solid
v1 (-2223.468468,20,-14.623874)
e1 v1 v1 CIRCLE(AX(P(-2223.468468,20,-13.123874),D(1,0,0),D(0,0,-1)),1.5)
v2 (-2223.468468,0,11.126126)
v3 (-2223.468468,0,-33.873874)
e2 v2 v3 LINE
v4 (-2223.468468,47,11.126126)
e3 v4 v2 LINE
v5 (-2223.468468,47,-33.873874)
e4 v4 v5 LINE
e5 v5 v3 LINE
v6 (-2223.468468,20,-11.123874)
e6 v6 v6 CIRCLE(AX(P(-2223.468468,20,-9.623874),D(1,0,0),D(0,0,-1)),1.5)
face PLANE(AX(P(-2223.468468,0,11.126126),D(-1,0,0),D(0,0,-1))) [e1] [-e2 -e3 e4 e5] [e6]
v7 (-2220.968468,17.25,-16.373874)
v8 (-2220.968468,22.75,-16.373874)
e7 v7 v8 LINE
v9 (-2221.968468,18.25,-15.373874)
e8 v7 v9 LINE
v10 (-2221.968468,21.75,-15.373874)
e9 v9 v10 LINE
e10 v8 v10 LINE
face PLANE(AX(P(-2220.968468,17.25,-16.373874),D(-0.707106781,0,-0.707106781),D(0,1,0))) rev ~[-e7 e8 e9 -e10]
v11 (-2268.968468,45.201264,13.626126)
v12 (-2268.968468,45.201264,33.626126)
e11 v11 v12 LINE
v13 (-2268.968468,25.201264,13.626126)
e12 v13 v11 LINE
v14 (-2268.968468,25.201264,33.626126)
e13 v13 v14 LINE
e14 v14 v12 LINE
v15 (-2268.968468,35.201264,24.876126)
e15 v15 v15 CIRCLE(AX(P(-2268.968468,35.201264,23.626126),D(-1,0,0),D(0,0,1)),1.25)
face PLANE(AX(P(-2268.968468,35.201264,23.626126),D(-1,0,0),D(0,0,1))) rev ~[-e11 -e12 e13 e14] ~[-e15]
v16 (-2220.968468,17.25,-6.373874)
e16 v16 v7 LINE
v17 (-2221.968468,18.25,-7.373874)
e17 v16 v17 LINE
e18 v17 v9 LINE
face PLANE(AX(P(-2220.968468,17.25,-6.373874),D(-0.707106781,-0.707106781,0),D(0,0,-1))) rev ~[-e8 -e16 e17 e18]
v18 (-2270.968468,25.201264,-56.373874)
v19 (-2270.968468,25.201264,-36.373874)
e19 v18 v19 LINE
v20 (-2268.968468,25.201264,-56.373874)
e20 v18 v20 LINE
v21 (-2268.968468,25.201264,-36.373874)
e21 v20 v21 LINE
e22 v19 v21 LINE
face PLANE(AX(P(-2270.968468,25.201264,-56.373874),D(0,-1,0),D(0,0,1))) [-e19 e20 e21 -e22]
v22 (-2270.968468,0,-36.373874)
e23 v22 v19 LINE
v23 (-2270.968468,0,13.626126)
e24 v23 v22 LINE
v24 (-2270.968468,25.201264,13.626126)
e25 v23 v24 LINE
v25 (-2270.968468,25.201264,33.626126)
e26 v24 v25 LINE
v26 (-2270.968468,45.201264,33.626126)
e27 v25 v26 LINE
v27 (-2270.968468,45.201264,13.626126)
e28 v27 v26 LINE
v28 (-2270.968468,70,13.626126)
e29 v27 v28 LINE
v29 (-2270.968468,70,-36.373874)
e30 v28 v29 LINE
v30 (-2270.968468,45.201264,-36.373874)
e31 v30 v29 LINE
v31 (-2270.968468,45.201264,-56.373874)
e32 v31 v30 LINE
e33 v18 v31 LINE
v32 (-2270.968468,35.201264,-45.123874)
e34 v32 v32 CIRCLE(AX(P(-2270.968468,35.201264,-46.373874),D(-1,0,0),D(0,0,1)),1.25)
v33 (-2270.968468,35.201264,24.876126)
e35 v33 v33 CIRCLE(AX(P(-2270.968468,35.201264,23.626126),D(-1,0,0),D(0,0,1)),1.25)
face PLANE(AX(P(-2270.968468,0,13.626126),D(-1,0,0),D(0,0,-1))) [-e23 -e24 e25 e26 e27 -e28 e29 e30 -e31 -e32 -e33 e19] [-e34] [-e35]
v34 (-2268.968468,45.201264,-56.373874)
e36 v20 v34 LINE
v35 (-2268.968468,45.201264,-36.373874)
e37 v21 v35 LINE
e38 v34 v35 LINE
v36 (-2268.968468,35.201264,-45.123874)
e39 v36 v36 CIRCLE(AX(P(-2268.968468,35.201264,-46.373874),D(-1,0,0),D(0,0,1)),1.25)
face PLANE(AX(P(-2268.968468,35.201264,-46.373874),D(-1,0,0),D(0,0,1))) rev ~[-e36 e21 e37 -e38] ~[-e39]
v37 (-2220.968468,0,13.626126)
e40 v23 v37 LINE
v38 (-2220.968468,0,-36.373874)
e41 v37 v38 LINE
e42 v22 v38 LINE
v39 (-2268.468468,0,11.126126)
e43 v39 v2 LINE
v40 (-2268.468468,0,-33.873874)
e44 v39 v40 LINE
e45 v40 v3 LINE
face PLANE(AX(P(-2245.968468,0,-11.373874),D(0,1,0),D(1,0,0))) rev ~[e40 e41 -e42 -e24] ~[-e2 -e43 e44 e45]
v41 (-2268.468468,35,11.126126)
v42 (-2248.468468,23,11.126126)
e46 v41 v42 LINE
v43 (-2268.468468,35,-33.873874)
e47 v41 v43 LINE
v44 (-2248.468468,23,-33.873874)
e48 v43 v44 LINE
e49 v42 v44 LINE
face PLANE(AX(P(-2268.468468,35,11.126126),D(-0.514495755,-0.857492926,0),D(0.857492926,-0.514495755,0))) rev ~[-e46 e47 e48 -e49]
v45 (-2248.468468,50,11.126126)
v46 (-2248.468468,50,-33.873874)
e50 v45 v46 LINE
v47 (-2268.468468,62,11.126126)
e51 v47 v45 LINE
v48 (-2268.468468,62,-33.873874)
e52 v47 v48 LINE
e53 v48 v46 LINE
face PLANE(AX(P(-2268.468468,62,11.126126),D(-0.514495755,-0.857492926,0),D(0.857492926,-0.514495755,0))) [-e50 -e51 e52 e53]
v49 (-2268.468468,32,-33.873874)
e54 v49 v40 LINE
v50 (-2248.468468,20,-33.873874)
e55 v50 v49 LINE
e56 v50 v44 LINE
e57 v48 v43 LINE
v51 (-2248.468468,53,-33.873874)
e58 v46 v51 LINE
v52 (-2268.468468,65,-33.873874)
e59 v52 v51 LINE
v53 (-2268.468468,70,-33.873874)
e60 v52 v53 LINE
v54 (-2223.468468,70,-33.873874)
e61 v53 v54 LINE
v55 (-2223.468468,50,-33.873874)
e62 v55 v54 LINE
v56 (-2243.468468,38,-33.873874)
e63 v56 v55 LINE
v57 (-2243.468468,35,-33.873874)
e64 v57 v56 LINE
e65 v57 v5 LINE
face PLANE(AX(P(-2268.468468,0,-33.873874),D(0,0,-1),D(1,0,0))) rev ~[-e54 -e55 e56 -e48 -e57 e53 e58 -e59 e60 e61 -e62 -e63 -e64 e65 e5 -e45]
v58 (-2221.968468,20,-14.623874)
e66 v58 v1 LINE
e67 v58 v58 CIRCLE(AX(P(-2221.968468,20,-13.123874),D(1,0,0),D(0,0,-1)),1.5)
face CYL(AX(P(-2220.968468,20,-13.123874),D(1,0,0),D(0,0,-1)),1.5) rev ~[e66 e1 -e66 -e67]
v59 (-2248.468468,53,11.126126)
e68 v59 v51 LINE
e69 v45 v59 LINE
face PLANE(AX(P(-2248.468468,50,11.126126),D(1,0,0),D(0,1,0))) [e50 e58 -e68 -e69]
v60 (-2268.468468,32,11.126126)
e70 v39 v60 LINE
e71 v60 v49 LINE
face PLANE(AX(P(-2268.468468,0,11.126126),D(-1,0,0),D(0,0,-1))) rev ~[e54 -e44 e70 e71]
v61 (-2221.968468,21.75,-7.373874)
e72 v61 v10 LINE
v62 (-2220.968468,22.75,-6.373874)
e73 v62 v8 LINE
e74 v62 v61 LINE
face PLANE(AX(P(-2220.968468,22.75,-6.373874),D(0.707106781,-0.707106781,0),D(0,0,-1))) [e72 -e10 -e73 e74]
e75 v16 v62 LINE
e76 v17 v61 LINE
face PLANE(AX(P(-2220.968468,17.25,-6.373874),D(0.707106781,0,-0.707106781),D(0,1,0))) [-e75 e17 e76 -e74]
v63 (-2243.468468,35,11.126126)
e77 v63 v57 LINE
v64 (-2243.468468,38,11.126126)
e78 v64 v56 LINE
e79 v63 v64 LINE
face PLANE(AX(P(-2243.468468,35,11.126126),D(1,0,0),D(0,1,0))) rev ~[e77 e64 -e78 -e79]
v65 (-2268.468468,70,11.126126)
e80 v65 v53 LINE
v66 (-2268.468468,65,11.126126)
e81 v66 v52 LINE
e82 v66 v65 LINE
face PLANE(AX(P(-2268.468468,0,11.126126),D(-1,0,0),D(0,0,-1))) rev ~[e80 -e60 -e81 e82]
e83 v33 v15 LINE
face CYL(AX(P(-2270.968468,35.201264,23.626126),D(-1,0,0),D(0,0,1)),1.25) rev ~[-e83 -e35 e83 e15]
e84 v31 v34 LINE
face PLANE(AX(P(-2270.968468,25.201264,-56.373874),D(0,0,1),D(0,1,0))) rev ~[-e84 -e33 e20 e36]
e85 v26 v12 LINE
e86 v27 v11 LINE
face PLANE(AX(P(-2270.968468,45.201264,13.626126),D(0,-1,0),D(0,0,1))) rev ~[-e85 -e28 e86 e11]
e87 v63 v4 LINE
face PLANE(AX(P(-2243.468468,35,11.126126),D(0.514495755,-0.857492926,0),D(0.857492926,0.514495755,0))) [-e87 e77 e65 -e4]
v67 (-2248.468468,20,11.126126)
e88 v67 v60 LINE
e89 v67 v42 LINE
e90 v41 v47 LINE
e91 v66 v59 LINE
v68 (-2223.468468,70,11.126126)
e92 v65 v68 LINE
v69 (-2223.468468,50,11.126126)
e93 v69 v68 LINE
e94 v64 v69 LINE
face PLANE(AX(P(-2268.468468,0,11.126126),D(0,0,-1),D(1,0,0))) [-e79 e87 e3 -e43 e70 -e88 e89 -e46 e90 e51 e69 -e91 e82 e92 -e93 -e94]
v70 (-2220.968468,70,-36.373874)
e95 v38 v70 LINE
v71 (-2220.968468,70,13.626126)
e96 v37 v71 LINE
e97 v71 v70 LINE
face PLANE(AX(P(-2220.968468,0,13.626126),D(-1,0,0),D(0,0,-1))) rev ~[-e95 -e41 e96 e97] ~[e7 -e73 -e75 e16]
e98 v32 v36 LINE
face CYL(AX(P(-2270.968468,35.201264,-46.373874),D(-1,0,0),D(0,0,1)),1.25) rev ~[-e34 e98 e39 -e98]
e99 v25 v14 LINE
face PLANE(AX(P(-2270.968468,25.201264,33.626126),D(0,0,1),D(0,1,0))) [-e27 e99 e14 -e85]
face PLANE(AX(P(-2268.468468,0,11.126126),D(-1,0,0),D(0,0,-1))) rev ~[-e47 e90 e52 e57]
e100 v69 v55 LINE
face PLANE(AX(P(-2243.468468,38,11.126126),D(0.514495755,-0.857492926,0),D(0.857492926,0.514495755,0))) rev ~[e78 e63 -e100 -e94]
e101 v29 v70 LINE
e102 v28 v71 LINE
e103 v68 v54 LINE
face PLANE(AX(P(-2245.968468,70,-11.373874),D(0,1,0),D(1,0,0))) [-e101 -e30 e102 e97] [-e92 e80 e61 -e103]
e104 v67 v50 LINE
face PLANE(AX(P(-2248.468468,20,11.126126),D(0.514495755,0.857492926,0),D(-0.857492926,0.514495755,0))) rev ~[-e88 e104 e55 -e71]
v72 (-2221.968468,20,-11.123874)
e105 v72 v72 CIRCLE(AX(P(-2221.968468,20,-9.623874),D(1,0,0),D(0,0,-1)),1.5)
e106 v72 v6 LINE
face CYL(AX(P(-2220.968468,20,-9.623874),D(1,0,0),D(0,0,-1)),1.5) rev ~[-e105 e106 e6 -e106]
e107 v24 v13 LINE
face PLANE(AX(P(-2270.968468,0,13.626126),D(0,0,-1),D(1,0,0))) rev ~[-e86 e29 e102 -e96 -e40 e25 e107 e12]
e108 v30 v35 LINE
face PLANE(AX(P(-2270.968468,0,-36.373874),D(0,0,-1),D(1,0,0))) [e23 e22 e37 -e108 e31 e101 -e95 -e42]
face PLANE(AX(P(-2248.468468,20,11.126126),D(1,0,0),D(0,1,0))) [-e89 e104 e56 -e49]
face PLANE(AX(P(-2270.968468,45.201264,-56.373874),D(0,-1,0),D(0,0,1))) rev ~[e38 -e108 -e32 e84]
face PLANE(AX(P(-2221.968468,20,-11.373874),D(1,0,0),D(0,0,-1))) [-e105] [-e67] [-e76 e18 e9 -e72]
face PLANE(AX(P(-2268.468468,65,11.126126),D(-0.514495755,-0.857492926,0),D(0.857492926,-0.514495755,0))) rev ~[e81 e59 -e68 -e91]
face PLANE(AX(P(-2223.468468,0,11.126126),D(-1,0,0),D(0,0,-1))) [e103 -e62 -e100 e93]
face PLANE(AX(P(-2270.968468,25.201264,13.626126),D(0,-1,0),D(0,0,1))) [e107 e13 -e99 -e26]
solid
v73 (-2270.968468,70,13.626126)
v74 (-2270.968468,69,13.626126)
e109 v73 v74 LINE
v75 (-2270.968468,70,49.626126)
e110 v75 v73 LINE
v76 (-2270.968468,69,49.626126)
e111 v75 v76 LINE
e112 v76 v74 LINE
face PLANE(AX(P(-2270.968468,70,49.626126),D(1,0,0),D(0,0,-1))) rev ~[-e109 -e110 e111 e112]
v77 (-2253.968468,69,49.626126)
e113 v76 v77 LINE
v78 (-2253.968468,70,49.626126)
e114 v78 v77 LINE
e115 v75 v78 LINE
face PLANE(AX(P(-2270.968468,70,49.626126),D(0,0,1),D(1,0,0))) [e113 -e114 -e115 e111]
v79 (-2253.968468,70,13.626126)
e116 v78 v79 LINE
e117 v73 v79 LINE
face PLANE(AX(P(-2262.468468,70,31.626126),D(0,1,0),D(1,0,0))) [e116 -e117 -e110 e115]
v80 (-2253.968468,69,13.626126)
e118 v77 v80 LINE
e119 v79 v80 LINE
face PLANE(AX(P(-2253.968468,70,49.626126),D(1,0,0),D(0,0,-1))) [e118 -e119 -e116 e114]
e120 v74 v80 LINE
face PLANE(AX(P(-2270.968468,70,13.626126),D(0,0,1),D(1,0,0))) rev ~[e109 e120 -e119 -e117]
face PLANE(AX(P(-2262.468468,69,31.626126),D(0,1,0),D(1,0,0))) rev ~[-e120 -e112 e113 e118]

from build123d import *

# Parameters (mm, degrees)
CROQUIS2_W              = 50
CROQUIS2_H              = 50
CROQUIS2_W_2            = 45
CROQUIS2_H_2            = 45
SALIENTE_EXTRUIR1_DEPTH = 70
CROQUIS3_W              = 20
CROQUIS3_H              = 15
SALIENTE_EXTRUIR2_DEPTH = 45
CORTAR_EXTRUIR1_DEPTH   = 45
CROQUIS5_W              = 20
CROQUIS5_H              = 15
SALIENTE_EXTRUIR3_DEPTH = 45
CORTAR_EXTRUIR2_DEPTH   = 45
CROQUIS7_W              = 20
CROQUIS7_H              = 15
SALIENTE_EXTRUIR4_DEPTH = 45
CORTAR_EXTRUIR3_DEPTH   = 45
CROQUIS10_W             = 17
CROQUIS10_H             = 36
SALIENTE_EXTRUIR6_DEPTH = 1
CROQUIS12_W             = 20
CROQUIS12_H             = 20
CROQUIS12_R             = 1.25
SALIENTE_EXTRUIR7_DEPTH = 2
CROQUIS13_W             = 10
CROQUIS13_H             = 5.5
CORTAR_EXTRUIR4_DEPTH   = 1
CORTAR_EXTRUIR4_DRAFT   = -45
CROQUIS14_R             = 1.5
CORTAR_EXTRUIR5_DEPTH   = 2.5


with BuildPart() as part:
    # Croquis2 → Saliente-Extruir1 (new body)
    with BuildSketch(Plane(origin=(0, 0, 0), x_dir=(1, 0, 0), z_dir=(0, 1, 0))):
        with Locations((-2245.968468468, 11.373873874)):
            Rectangle(CROQUIS2_W, CROQUIS2_H)
        with Locations((-2245.968468468, 11.373873874)):
            Rectangle(CROQUIS2_W_2, CROQUIS2_H_2, mode=Mode.SUBTRACT)
    extrude(amount=SALIENTE_EXTRUIR1_DEPTH)

    # Croquis3 → Saliente-Extruir2 (add)
    with BuildSketch(Plane(origin=(0, 0, 11.126126126), x_dir=(-1, 0, 0), z_dir=(0, 0, -1))):
        with Locations((2258.468468468, 57.5)):
            Rectangle(CROQUIS3_W, CROQUIS3_H)
    extrude(amount=SALIENTE_EXTRUIR2_DEPTH)

    # Croquis4 → Cortar-Extruir1 (cut)
    with BuildSketch(Plane(origin=(0, 0, 11.126126126), x_dir=(-1, 0, 0), z_dir=(0, 0, -1))):
        Polygon((2248.468468468, 65), (2268.468468468, 65), (2248.468468468, 53), align=None)
        Polygon((2248.468468468, 50), (2268.468468468, 50), (2268.468468468, 62), align=None)
    extrude(amount=CORTAR_EXTRUIR1_DEPTH, mode=Mode.SUBTRACT)

    # Croquis5 → Saliente-Extruir3 (add)
    with BuildSketch(Plane(origin=(0, 0, 11.126126126), x_dir=(-1, 0, 0), z_dir=(0, 0, -1))):
        with Locations((2233.468468468, 42.5)):
            Rectangle(CROQUIS5_W, CROQUIS5_H)
    extrude(amount=SALIENTE_EXTRUIR3_DEPTH)

    # Croquis6 → Cortar-Extruir2 (cut)
    with BuildSketch(Plane(origin=(0, 0, 11.126126126), x_dir=(-1, 0, 0), z_dir=(0, 0, -1))):
        Polygon((2223.468468468, 50), (2243.468468468, 50), (2243.468468468, 38), align=None)
        Polygon((2223.468468468, 35), (2243.468468468, 35), (2223.468468468, 47), align=None)
    extrude(amount=CORTAR_EXTRUIR2_DEPTH, mode=Mode.SUBTRACT)

    # Croquis7 → Saliente-Extruir4 (add)
    with BuildSketch(Plane(origin=(0, 0, 11.126126126), x_dir=(-1, 0, 0), z_dir=(0, 0, -1))):
        with Locations((2258.468468468, 27.5)):
            Rectangle(CROQUIS7_W, CROQUIS7_H)
    extrude(amount=SALIENTE_EXTRUIR4_DEPTH)

    # Croquis8 → Cortar-Extruir3 (cut)
    with BuildSketch(Plane(origin=(0, 0, 11.126126126), x_dir=(-1, 0, 0), z_dir=(0, 0, -1))):
        Polygon((2248.468468468, 35), (2268.468468468, 35), (2248.468468468, 23), align=None)
        Polygon((2268.468468468, 20), (2248.468468468, 20), (2268.468468468, 32), align=None)
    extrude(amount=CORTAR_EXTRUIR3_DEPTH, mode=Mode.SUBTRACT)

    # Croquis12 → Saliente-Extruir7 (add)
    # profile 1 of 2: a face of its own
    with BuildSketch(Plane.ZY.offset(2270.968468468)):
        with Locations((-46.373873874, 35.201264481)):
            Rectangle(CROQUIS12_W, CROQUIS12_H)
        with Locations((-46.373873874, 35.201264481)):
            Circle(CROQUIS12_R, mode=Mode.SUBTRACT)
    # profile 2 of 2: a face of its own
    with BuildSketch(Plane.ZY.offset(2270.968468468)):
        with Locations((23.626126126, 35.201264481)):
            Rectangle(CROQUIS12_W, CROQUIS12_H)
        with Locations((23.626126126, 35.201264481)):
            Circle(CROQUIS12_R, mode=Mode.SUBTRACT)
    extrude(amount=-SALIENTE_EXTRUIR7_DEPTH)


with BuildPart() as body_2:
    # Croquis10 → Saliente-Extruir6 (new body)
    with BuildSketch(Plane(origin=(0, 70, 0), x_dir=(1, 0, 0), z_dir=(0, 1, 0))):
        with Locations((-2262.468468468, -31.626126126)):
            Rectangle(CROQUIS10_W, CROQUIS10_H)
    extrude(amount=-SALIENTE_EXTRUIR6_DEPTH)


with BuildPart() as cortar_extruir4_tool:
    # Croquis13 → Cortar-Extruir4 (with draft: the straight prism first)
    with BuildSketch(Plane(origin=(-2220.968468468, 0, 0), x_dir=(0, 0, -1), z_dir=(1, 0, 0))):
        with Locations((11.373873874, 20)):
            Rectangle(CROQUIS13_W, CROQUIS13_H)
    extrude(amount=-CORTAR_EXTRUIR4_DEPTH)
    # Cortar-Extruir4: the draft: its side faces are tilted about the plane it starts from
    cortar_extruir4_sides = [cortar_extruir4_tool.faces().sort_by_distance(p)[0] for p in [
        (-2221.468468468, 20, -6.373873874),
        (-2221.468468468, 17.25, -11.373873874),
        (-2221.468468468, 20, -16.373873874),
        (-2221.468468468, 22.75, -11.373873874),
    ]]
    draft(cortar_extruir4_sides, Plane(origin=(-2220.968468468, 0, 0), x_dir=(0, 0, -1), z_dir=(1, 0, 0)), CORTAR_EXTRUIR4_DRAFT)


with BuildPart() as part_1:
    add(part.part)

    # Cortar-Extruir4: cut by cortar_extruir4_tool
    add(cortar_extruir4_tool.part, mode=Mode.SUBTRACT)

    # Croquis14 → Cortar-Extruir5 (cut)
    with BuildSketch(Plane(origin=(-2220.968468468, 0, 0), x_dir=(0, 0, -1), z_dir=(1, 0, 0))):
        with Locations((9.623873874, 20)):
            Circle(CROQUIS14_R)
        with Locations((13.123873874, 20)):
            Circle(CROQUIS14_R)
    extrude(amount=-CORTAR_EXTRUIR5_DEPTH, mode=Mode.SUBTRACT)


solid = Compound([body_2.part, part_1.part])
